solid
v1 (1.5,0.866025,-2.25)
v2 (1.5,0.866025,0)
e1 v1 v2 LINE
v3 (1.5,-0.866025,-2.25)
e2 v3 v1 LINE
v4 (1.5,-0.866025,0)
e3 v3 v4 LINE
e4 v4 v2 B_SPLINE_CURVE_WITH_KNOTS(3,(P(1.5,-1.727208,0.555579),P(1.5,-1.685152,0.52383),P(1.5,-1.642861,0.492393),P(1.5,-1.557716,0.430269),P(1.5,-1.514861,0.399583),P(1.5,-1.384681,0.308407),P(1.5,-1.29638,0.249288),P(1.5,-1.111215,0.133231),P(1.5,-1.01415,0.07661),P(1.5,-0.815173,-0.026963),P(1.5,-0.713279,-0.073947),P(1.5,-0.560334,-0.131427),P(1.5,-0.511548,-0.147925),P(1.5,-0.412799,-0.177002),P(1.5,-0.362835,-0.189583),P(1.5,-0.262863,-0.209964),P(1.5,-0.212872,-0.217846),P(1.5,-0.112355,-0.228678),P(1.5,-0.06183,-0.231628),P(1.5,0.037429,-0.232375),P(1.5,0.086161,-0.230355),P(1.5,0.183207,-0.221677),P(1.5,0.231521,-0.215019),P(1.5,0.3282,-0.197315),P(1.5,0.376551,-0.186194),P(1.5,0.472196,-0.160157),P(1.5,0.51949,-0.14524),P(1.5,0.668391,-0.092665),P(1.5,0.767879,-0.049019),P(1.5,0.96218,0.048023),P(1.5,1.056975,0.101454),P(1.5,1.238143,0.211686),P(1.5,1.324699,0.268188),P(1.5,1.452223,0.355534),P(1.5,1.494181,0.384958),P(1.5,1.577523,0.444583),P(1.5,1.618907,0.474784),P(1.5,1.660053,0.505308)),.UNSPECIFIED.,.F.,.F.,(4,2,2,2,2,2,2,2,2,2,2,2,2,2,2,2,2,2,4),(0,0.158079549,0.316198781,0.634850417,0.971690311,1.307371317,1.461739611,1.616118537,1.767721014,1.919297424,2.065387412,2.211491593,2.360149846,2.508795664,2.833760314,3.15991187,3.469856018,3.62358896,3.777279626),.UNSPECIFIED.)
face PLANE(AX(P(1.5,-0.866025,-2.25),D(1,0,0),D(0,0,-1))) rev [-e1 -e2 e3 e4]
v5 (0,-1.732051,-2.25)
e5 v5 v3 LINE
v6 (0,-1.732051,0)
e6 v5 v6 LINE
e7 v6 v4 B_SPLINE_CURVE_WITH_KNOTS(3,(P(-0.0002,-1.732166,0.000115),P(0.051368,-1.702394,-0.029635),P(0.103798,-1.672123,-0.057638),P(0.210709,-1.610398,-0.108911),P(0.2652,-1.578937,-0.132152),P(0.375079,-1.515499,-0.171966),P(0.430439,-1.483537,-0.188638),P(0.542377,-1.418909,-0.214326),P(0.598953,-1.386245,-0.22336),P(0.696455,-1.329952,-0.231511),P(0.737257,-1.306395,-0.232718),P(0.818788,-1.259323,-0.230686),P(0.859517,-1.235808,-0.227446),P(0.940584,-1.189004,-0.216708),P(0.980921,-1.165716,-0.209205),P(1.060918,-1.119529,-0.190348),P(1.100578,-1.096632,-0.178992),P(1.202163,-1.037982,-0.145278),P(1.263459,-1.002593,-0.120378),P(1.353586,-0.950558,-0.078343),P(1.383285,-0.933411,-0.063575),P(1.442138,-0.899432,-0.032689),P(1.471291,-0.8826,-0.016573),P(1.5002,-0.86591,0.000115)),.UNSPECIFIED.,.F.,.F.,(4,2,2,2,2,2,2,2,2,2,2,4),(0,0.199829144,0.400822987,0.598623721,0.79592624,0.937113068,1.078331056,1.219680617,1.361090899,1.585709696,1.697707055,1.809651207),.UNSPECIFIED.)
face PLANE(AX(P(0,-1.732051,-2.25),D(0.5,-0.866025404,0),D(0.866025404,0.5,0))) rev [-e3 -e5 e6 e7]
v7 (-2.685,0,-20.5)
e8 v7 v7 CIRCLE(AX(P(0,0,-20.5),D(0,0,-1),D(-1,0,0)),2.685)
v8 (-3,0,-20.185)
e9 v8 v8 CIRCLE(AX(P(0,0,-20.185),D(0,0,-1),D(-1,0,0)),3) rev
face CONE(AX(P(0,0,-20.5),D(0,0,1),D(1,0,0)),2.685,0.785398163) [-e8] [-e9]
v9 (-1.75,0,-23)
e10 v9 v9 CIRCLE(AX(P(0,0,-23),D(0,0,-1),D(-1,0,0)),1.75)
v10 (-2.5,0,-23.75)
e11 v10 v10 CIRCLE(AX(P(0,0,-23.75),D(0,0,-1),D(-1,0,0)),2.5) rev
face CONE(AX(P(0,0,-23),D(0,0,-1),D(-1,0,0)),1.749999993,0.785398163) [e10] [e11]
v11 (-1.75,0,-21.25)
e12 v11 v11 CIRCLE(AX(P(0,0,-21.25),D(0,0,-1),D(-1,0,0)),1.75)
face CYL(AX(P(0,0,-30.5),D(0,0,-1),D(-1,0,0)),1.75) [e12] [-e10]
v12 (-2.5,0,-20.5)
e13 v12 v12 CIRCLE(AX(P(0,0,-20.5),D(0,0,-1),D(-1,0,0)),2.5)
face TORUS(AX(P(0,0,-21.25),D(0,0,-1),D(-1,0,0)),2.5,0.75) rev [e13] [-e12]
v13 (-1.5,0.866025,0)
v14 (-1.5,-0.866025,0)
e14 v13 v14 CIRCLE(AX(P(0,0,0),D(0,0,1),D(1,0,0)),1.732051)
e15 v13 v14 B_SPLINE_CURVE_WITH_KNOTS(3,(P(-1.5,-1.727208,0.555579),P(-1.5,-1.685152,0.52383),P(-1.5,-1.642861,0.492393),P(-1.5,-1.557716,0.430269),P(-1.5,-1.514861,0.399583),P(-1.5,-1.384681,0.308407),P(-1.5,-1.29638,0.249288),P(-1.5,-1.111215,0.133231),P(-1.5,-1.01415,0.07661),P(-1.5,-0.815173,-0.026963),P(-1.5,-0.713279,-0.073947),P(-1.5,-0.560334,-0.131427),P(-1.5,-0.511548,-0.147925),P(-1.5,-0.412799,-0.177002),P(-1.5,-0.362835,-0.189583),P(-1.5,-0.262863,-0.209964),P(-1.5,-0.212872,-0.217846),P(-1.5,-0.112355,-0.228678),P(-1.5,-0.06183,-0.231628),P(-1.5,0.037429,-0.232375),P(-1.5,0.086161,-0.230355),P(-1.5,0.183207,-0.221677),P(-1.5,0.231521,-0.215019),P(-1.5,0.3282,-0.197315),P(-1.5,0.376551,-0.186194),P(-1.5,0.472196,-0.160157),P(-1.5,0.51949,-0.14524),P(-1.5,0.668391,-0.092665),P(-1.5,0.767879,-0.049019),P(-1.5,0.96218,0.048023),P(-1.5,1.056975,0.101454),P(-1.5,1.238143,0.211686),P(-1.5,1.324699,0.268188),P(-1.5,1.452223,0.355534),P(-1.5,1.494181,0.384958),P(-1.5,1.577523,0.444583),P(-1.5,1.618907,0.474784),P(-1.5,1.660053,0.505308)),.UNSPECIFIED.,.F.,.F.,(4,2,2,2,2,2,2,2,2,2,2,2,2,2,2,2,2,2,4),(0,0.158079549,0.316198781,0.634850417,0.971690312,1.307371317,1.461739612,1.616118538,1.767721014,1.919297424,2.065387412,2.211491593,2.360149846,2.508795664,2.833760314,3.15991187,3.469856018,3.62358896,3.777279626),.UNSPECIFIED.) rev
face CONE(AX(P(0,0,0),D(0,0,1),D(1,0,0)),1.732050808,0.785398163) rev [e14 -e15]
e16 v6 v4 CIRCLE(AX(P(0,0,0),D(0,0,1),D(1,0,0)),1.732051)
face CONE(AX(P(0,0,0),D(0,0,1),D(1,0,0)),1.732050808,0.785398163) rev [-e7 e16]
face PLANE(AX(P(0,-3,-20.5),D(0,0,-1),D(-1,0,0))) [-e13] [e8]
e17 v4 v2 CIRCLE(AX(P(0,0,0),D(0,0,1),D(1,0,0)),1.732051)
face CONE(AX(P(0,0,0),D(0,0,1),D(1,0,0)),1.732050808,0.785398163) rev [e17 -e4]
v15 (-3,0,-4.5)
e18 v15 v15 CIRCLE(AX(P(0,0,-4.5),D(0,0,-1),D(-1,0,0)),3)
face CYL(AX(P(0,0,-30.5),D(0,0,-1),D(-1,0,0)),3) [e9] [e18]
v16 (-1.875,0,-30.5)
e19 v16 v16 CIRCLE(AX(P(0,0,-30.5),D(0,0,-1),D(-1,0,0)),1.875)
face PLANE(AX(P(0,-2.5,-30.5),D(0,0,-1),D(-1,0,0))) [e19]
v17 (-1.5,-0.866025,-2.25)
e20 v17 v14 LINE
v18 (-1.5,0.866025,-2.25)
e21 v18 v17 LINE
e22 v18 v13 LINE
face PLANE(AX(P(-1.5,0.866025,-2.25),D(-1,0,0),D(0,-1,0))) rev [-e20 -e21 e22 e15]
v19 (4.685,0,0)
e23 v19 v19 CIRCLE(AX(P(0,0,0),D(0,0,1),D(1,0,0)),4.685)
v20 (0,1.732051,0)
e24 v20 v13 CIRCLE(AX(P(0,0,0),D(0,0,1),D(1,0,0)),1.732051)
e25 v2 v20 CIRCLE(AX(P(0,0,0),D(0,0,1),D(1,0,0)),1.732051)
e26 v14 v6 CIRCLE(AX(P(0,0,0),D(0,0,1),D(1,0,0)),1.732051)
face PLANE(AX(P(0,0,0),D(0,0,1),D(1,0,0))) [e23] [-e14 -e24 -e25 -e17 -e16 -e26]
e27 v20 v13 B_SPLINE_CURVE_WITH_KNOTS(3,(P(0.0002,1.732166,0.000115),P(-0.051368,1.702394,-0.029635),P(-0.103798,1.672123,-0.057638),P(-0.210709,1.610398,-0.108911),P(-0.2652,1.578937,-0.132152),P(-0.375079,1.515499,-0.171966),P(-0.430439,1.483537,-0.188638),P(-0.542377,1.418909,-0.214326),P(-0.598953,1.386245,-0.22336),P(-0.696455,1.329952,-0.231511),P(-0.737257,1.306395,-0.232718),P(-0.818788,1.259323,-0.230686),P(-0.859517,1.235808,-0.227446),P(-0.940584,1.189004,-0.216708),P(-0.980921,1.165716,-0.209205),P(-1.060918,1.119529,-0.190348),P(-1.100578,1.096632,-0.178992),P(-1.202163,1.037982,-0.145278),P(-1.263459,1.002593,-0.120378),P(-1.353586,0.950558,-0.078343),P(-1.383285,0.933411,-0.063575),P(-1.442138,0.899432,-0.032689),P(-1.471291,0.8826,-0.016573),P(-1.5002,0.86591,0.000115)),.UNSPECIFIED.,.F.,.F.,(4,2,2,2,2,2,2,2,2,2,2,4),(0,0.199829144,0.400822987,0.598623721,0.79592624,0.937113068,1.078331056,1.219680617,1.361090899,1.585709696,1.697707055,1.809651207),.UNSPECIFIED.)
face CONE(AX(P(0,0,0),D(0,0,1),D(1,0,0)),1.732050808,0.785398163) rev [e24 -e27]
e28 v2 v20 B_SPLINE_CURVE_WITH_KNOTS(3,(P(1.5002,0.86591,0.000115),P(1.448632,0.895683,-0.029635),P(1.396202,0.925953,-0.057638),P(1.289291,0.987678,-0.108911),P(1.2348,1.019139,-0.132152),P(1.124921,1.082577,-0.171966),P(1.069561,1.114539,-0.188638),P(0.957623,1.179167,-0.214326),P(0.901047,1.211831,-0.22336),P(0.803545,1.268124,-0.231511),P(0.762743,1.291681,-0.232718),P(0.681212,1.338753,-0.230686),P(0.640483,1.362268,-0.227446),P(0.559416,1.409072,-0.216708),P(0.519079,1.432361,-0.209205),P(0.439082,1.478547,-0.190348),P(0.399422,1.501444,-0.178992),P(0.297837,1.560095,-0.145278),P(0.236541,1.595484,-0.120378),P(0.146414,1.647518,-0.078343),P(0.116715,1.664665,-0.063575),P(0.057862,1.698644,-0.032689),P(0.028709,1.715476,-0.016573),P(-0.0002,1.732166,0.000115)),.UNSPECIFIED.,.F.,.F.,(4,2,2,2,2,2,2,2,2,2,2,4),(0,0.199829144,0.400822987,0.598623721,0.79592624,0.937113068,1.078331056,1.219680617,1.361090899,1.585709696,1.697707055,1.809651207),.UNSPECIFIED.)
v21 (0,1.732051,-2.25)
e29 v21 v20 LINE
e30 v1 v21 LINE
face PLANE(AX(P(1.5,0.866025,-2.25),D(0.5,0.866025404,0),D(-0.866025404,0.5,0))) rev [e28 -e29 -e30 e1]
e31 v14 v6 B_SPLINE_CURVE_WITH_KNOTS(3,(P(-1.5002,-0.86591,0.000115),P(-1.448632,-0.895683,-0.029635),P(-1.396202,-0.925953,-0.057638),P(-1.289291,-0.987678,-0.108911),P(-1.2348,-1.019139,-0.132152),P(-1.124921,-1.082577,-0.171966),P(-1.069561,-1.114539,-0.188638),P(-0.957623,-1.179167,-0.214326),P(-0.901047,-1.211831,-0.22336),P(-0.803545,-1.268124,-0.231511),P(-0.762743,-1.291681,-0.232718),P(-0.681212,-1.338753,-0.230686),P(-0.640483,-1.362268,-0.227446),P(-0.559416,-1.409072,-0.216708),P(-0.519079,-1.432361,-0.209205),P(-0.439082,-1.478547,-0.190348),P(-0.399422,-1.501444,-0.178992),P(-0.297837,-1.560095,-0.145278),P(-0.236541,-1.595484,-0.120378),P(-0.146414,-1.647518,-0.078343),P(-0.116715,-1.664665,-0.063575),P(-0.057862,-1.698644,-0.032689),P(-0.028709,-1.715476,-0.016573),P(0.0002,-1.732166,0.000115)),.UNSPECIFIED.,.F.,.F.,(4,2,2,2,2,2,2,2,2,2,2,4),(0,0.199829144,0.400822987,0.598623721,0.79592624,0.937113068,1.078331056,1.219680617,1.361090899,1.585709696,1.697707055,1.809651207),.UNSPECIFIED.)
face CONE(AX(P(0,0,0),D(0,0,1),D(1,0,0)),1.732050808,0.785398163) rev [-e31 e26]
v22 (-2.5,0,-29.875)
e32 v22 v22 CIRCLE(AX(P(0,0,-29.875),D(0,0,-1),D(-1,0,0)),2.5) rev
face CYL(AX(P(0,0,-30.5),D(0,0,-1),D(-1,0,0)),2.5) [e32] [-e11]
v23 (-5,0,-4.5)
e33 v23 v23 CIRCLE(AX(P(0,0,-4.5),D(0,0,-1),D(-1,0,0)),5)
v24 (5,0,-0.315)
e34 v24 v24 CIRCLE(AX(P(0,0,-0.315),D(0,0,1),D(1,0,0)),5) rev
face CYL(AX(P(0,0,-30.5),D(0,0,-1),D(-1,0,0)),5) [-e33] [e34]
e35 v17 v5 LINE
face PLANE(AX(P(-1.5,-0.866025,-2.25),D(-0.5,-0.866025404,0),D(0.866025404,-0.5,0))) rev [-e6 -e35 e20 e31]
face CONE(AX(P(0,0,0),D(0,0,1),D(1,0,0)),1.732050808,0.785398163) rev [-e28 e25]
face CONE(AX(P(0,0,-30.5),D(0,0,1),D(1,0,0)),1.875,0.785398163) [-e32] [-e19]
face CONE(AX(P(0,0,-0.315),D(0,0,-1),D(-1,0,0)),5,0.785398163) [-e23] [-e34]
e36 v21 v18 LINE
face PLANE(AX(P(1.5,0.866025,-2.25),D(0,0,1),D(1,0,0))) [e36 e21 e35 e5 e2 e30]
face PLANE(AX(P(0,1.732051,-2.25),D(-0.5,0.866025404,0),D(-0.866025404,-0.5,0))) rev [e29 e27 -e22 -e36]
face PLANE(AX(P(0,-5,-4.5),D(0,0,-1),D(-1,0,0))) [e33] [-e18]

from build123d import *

# Parameters (mm, degrees)
CHAMFER1_SIZE      = 0.625
CHAMFER2_SIZE      = 0.315
CUT_EXTRUDE3_DEPTH = 2.25


with BuildPart() as part:
    # Sketch1 → Revolve1 (revolve)
    with BuildSketch(Plane(origin=(0, 0, 0), x_dir=(0, 0, -1), z_dir=(1, 0, 0))):
        Polygon((0, 5), (4.5, 5), (4.5, 3), (20.5, 3), (20.5, 2.5), (30.5, 2.5), (30.5, 0), (0, 0), align=None)
    revolve(axis=Axis((0, 0, -30.5), (0, 0, 1)))

    # Sketch5 → Cut-Revolve1 (revolve, cut)
    with BuildSketch(Plane(origin=(0, 0, 0), x_dir=(0, 0, -1), z_dir=(1, 0, 0))):
        with BuildLine():
            Line((20.5, 3), (24.250000008, 3))
            Line((24.250000008, 3), (23, 1.749999993))
            Line((23, 1.749999993), (21.250000008, 1.749999993))
            ThreePointArc((21.250000008, 1.749999993), (20.719669916, 1.969669909), (20.5, 2.5))
            Line((20.5, 2.5), (20.5, 3))
        make_face()
    revolve(axis=Axis((0, 0, -30.5), (0, 0, 1)), mode=Mode.SUBTRACT)

    # Chamfer1
    chamfer1_edges = [part.edges().sort_by_distance(p)[0] for p in [
        (0, -2.5, -30.5),
    ]]
    chamfer(chamfer1_edges, length=CHAMFER1_SIZE)

    # Chamfer2
    chamfer2_edges = [part.edges().sort_by_distance(p)[0] for p in [
        (0, -5, 0),
        (0, -3, -20.5),
    ]]
    chamfer(chamfer2_edges, length=CHAMFER2_SIZE)

    # Sketch8 → Cut-Extrude3 (cut)
    with BuildSketch(Plane.XY):
        Polygon((1.5, 0.866025404), (0, 1.732050808), (-1.5, 0.866025404), (-1.5, -0.866025404), (0, -1.732050808), (1.5, -0.866025404), align=None)
    extrude(amount=-CUT_EXTRUDE3_DEPTH, mode=Mode.SUBTRACT)

    # Cut-Extrude4 cone 1 section (through the dimple's axis) → Cut-Extrude4 (revolve, cut)
    with BuildSketch(Plane(origin=(0, 0, 0), x_dir=(0, -1, 0), z_dir=(1, 0, 0))):
        Polygon((0, 0), (1.732050808, 0), (0, 1.732050808), align=None)
    revolve(axis=Axis((0, 0, 0), (0, 0, -1)), mode=Mode.SUBTRACT)


solid = part.part
